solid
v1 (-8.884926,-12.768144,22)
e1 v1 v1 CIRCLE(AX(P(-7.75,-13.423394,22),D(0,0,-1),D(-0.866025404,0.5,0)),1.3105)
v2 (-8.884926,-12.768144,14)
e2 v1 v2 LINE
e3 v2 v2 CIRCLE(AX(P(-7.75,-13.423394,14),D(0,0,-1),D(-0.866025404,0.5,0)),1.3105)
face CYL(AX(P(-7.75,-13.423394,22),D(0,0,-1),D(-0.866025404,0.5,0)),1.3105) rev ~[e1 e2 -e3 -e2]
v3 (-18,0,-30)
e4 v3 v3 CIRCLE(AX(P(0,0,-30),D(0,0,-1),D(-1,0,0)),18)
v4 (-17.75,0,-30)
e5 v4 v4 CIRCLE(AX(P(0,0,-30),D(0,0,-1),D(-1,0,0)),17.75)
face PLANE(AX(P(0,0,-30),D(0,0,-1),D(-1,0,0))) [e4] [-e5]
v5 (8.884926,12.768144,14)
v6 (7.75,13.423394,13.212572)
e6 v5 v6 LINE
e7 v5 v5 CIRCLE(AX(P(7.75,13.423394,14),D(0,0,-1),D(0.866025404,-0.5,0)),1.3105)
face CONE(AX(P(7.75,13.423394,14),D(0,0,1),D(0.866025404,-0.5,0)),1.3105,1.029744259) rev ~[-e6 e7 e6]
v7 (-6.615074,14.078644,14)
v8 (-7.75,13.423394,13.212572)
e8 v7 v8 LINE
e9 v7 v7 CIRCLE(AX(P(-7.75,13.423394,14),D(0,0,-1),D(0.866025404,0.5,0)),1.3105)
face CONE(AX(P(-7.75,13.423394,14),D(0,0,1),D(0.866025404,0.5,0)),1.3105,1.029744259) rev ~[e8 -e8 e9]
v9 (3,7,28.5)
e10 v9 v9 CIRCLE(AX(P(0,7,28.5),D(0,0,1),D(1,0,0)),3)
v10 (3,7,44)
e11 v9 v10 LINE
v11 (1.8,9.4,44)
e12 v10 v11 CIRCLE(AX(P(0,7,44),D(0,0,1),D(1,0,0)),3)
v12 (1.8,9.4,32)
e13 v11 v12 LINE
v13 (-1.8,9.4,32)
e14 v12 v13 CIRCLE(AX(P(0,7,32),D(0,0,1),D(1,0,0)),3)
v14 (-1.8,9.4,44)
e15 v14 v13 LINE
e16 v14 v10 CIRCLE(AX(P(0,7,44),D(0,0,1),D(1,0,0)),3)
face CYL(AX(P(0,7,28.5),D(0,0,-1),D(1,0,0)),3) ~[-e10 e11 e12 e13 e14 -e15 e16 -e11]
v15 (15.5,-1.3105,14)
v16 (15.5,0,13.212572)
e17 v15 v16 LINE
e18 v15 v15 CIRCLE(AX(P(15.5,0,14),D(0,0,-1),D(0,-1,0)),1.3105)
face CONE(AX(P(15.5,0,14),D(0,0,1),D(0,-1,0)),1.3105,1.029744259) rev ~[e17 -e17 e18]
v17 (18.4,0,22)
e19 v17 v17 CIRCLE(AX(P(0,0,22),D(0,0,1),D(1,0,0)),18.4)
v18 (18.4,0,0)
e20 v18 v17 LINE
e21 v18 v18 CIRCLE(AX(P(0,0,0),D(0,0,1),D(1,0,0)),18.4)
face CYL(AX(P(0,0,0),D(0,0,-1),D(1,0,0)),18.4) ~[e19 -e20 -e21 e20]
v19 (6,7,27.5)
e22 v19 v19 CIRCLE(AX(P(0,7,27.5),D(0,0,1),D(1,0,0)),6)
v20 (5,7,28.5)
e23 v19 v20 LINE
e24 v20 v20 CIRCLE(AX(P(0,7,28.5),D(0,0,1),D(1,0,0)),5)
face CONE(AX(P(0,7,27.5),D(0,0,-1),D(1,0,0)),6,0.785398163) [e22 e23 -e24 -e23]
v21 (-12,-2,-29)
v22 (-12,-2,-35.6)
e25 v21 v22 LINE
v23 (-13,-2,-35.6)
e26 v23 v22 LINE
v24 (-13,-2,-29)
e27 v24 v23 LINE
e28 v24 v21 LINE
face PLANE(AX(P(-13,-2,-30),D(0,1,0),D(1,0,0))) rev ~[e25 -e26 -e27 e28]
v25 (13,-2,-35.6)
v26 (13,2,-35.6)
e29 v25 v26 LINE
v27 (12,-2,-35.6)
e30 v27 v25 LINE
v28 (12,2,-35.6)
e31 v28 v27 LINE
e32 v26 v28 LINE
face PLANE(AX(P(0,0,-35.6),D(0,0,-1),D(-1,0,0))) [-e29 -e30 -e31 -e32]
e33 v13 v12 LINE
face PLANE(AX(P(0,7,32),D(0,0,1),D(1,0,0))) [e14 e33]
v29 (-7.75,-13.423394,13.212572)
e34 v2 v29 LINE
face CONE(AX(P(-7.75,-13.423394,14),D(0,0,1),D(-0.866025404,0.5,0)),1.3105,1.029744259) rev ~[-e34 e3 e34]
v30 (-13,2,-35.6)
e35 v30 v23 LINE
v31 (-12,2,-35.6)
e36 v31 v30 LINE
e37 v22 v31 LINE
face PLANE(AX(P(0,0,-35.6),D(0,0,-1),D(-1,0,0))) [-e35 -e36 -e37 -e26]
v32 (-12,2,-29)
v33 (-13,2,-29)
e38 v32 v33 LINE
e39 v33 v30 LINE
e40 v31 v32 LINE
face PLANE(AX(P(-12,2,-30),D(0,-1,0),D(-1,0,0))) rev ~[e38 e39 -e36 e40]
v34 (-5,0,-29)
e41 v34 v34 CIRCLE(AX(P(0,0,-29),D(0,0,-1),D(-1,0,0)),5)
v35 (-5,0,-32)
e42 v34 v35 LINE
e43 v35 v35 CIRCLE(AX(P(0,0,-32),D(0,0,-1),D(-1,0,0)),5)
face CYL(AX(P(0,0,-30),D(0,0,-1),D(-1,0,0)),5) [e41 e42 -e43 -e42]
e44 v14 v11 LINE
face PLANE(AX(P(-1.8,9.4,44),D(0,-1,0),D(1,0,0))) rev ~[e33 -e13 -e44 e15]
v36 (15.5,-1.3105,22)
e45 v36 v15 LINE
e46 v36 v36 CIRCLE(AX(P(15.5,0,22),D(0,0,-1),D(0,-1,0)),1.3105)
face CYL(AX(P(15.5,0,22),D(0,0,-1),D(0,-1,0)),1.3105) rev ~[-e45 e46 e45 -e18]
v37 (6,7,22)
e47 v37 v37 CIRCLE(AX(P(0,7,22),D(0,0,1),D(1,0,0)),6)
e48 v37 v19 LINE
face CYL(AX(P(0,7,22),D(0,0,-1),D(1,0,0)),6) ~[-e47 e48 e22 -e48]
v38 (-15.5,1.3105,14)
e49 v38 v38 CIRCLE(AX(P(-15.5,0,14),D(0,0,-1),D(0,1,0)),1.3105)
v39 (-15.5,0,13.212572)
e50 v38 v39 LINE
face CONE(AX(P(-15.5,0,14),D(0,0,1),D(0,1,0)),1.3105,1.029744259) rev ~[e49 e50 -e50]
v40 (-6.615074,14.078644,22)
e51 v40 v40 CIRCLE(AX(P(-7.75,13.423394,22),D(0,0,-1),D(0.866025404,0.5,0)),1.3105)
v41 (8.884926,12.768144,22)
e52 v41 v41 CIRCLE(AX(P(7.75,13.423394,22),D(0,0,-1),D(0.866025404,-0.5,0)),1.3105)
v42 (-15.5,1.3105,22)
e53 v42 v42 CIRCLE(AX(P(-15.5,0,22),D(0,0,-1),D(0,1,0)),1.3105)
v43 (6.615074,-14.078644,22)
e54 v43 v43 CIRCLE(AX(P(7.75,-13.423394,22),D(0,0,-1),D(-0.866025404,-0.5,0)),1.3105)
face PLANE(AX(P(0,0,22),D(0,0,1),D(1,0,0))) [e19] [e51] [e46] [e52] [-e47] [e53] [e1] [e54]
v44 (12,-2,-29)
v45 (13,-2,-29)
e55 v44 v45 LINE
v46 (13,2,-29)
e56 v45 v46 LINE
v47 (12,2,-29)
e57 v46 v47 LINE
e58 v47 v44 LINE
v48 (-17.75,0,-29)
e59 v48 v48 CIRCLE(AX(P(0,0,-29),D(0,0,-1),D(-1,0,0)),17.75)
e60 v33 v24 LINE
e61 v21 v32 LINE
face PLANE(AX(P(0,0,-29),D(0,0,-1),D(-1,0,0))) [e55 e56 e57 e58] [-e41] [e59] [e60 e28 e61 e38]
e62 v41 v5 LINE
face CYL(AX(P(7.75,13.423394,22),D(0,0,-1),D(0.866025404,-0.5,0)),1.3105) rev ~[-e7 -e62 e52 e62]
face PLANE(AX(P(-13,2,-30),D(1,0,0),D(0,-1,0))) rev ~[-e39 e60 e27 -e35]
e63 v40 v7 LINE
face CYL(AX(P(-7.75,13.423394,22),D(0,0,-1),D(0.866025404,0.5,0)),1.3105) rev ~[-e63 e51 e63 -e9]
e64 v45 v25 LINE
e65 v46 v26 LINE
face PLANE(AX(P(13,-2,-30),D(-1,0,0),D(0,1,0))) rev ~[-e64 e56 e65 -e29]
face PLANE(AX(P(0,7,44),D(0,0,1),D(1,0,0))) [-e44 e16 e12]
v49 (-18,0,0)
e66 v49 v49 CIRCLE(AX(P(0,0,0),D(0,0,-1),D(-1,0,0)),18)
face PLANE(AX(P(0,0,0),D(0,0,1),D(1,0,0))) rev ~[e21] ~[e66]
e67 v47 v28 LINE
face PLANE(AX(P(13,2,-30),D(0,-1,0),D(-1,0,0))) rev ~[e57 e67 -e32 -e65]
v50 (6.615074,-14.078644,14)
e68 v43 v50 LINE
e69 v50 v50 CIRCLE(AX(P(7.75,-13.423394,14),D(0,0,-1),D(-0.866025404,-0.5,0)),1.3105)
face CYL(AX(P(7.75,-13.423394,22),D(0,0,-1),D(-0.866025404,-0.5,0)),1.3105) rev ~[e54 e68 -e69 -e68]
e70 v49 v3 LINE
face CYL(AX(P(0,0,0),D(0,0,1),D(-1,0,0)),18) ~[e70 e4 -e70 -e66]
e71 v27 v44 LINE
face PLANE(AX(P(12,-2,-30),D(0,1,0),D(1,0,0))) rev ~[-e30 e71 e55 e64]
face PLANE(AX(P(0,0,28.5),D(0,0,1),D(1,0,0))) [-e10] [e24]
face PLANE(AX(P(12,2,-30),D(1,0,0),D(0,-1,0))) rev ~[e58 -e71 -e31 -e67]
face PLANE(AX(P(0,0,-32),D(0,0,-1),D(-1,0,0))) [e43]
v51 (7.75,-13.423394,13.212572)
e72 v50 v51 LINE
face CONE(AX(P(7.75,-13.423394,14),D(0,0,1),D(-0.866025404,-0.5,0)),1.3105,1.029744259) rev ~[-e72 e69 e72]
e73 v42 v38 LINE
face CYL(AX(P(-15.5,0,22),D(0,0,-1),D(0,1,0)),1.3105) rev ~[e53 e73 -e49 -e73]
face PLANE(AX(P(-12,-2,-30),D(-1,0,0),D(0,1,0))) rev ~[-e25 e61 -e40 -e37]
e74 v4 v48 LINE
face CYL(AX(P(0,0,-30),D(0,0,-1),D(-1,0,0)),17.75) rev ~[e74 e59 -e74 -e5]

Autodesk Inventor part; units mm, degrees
ref_plane "YZ Plane" through (0, 0, 0) normal (1, 0, 0) x (0, 1, 0)
ref_plane "XZ Plane" through (0, 0, 0) normal (0, 1, 0) x (-1, 0, 0)
ref_plane "XY Plane" through (0, 0, 0) normal (0, 0, 1) x (1, 0, 0)
sketch "Sketch1" plane through (0, 0, 0) normal (0, 0, 1) x (1, 0, 0)
  circle A0 centre (0, 0) radius 18.4
  dimension "d0" = 36.8
extrude "Extrusion1" add sketch "Sketch1" along normal blind 22
sketch "Sketch2" plane through (0, 0, 0) normal (0, 0, -1) x (-1, 0, 0)
  circle A0 centre (0, 0) radius 18.4 projected
  circle A1 centre (0, 0) radius 18
  dimension "d3" = 36
extrude "Extrusion2" add sketch "Sketch2" along normal blind 30 contours A1
sketch "Sketch3" plane through (0, 0, -30) normal (0, 0, -1) x (-1, 0, 0)
  circle A0 centre (0, 0) radius 18 projected
  circle A1 centre (0, 0) radius 17.75
  circle A2 centre (0, 0) radius 5
  line L0 (-12, -2) -> (-13, -2)
  line L1 (-13, -2) -> (-13, 2)
  line L2 (-13, 2) -> (-12, 2)
  line L3 (-12, 2) -> (-12, -2)
  line L4 (12, 2) -> (13, 2)
  line L5 (13, 2) -> (13, -2)
  line L6 (13, -2) -> (12, -2)
  line L7 (12, -2) -> (12, 2)
  dimension "d6" = 35.5
  dimension "d7" = 10
  dimension "d8" = 4
  dimension "d9" = 4
  dimension "d10" = 1
  dimension "d11" = 1
  dimension "d12" = 2
  dimension "d13" = 2
  dimension "d14" = 12
  dimension "d15" = 12
extrude "Extrusion3" add sketch "Sketch3" along normal blind 5.6 contours L0 L1 L2 L3 | L4 L5 L6 L7
extrude "Extrusion4" add sketch "Sketch3" along normal blind 2 contours A2
extrude "Extrusion5" cut sketch "Sketch3" against normal blind 1 contours A1
sketch "Sketch4" plane through (0, 0, 22) normal (0, 0, 1) x (1, 0, 0)
  circle A0 centre (0, 0) radius 18.4 projected
  circle A1 centre (0, 7) radius 6
  line L0 (15.5, 0) -> (0, 0) construction
  line L1 (12, 2) -> (12, -2) construction
  dimension "d22" = 7
  dimension "d23" = 12
  dimension "d28" = 15.5
extrude "Extrusion6" add sketch "Sketch4" along normal blind 6.5 contours A1
hole "Hole1" at (15.5, 0, 22) direction (0, 0, -1) diameter 2.621 depth 8 tip angle 118 thread size "M3x0.35" class "6H" standard "ANSI Metric M Profile"
pattern_circular "Circular Pattern1" count 6 over 360 about axis through (0, 0, 0) along (0, 0, 1) of "Hole1"
chamfer "Chamfer1" distance 1 angle 45 1 edges at (-6, 7, 28.5)
sketch "Sketch5" plane through (0, 7, 28.5) normal (0, 0, 1) x (1, 0, 0)
  circle A0 centre (0, 0) radius 5 projected
  circle A1 centre (0, 0) radius 3
  point P0 (0, -7)
  dimension "d42" = 6
extrude "Extrusion7" add sketch "Sketch5" along normal blind 15.5 contours A1
sketch "Sketch6" plane through (0, 7, 44) normal (0, 0, 1) x (1, 0, 0)
  circle A0 centre (0, 0) radius 3 projected
  line L0 (-1.8, 2.4) -> (1.8, 2.4)
  point P0 (0, -7)
  dimension "d45" = 5.4
extrude "Extrusion8" cut sketch "Sketch6" against normal blind 12 contours L0 A0 picked at (0, 2.6)
properties part number "Motor12V"
